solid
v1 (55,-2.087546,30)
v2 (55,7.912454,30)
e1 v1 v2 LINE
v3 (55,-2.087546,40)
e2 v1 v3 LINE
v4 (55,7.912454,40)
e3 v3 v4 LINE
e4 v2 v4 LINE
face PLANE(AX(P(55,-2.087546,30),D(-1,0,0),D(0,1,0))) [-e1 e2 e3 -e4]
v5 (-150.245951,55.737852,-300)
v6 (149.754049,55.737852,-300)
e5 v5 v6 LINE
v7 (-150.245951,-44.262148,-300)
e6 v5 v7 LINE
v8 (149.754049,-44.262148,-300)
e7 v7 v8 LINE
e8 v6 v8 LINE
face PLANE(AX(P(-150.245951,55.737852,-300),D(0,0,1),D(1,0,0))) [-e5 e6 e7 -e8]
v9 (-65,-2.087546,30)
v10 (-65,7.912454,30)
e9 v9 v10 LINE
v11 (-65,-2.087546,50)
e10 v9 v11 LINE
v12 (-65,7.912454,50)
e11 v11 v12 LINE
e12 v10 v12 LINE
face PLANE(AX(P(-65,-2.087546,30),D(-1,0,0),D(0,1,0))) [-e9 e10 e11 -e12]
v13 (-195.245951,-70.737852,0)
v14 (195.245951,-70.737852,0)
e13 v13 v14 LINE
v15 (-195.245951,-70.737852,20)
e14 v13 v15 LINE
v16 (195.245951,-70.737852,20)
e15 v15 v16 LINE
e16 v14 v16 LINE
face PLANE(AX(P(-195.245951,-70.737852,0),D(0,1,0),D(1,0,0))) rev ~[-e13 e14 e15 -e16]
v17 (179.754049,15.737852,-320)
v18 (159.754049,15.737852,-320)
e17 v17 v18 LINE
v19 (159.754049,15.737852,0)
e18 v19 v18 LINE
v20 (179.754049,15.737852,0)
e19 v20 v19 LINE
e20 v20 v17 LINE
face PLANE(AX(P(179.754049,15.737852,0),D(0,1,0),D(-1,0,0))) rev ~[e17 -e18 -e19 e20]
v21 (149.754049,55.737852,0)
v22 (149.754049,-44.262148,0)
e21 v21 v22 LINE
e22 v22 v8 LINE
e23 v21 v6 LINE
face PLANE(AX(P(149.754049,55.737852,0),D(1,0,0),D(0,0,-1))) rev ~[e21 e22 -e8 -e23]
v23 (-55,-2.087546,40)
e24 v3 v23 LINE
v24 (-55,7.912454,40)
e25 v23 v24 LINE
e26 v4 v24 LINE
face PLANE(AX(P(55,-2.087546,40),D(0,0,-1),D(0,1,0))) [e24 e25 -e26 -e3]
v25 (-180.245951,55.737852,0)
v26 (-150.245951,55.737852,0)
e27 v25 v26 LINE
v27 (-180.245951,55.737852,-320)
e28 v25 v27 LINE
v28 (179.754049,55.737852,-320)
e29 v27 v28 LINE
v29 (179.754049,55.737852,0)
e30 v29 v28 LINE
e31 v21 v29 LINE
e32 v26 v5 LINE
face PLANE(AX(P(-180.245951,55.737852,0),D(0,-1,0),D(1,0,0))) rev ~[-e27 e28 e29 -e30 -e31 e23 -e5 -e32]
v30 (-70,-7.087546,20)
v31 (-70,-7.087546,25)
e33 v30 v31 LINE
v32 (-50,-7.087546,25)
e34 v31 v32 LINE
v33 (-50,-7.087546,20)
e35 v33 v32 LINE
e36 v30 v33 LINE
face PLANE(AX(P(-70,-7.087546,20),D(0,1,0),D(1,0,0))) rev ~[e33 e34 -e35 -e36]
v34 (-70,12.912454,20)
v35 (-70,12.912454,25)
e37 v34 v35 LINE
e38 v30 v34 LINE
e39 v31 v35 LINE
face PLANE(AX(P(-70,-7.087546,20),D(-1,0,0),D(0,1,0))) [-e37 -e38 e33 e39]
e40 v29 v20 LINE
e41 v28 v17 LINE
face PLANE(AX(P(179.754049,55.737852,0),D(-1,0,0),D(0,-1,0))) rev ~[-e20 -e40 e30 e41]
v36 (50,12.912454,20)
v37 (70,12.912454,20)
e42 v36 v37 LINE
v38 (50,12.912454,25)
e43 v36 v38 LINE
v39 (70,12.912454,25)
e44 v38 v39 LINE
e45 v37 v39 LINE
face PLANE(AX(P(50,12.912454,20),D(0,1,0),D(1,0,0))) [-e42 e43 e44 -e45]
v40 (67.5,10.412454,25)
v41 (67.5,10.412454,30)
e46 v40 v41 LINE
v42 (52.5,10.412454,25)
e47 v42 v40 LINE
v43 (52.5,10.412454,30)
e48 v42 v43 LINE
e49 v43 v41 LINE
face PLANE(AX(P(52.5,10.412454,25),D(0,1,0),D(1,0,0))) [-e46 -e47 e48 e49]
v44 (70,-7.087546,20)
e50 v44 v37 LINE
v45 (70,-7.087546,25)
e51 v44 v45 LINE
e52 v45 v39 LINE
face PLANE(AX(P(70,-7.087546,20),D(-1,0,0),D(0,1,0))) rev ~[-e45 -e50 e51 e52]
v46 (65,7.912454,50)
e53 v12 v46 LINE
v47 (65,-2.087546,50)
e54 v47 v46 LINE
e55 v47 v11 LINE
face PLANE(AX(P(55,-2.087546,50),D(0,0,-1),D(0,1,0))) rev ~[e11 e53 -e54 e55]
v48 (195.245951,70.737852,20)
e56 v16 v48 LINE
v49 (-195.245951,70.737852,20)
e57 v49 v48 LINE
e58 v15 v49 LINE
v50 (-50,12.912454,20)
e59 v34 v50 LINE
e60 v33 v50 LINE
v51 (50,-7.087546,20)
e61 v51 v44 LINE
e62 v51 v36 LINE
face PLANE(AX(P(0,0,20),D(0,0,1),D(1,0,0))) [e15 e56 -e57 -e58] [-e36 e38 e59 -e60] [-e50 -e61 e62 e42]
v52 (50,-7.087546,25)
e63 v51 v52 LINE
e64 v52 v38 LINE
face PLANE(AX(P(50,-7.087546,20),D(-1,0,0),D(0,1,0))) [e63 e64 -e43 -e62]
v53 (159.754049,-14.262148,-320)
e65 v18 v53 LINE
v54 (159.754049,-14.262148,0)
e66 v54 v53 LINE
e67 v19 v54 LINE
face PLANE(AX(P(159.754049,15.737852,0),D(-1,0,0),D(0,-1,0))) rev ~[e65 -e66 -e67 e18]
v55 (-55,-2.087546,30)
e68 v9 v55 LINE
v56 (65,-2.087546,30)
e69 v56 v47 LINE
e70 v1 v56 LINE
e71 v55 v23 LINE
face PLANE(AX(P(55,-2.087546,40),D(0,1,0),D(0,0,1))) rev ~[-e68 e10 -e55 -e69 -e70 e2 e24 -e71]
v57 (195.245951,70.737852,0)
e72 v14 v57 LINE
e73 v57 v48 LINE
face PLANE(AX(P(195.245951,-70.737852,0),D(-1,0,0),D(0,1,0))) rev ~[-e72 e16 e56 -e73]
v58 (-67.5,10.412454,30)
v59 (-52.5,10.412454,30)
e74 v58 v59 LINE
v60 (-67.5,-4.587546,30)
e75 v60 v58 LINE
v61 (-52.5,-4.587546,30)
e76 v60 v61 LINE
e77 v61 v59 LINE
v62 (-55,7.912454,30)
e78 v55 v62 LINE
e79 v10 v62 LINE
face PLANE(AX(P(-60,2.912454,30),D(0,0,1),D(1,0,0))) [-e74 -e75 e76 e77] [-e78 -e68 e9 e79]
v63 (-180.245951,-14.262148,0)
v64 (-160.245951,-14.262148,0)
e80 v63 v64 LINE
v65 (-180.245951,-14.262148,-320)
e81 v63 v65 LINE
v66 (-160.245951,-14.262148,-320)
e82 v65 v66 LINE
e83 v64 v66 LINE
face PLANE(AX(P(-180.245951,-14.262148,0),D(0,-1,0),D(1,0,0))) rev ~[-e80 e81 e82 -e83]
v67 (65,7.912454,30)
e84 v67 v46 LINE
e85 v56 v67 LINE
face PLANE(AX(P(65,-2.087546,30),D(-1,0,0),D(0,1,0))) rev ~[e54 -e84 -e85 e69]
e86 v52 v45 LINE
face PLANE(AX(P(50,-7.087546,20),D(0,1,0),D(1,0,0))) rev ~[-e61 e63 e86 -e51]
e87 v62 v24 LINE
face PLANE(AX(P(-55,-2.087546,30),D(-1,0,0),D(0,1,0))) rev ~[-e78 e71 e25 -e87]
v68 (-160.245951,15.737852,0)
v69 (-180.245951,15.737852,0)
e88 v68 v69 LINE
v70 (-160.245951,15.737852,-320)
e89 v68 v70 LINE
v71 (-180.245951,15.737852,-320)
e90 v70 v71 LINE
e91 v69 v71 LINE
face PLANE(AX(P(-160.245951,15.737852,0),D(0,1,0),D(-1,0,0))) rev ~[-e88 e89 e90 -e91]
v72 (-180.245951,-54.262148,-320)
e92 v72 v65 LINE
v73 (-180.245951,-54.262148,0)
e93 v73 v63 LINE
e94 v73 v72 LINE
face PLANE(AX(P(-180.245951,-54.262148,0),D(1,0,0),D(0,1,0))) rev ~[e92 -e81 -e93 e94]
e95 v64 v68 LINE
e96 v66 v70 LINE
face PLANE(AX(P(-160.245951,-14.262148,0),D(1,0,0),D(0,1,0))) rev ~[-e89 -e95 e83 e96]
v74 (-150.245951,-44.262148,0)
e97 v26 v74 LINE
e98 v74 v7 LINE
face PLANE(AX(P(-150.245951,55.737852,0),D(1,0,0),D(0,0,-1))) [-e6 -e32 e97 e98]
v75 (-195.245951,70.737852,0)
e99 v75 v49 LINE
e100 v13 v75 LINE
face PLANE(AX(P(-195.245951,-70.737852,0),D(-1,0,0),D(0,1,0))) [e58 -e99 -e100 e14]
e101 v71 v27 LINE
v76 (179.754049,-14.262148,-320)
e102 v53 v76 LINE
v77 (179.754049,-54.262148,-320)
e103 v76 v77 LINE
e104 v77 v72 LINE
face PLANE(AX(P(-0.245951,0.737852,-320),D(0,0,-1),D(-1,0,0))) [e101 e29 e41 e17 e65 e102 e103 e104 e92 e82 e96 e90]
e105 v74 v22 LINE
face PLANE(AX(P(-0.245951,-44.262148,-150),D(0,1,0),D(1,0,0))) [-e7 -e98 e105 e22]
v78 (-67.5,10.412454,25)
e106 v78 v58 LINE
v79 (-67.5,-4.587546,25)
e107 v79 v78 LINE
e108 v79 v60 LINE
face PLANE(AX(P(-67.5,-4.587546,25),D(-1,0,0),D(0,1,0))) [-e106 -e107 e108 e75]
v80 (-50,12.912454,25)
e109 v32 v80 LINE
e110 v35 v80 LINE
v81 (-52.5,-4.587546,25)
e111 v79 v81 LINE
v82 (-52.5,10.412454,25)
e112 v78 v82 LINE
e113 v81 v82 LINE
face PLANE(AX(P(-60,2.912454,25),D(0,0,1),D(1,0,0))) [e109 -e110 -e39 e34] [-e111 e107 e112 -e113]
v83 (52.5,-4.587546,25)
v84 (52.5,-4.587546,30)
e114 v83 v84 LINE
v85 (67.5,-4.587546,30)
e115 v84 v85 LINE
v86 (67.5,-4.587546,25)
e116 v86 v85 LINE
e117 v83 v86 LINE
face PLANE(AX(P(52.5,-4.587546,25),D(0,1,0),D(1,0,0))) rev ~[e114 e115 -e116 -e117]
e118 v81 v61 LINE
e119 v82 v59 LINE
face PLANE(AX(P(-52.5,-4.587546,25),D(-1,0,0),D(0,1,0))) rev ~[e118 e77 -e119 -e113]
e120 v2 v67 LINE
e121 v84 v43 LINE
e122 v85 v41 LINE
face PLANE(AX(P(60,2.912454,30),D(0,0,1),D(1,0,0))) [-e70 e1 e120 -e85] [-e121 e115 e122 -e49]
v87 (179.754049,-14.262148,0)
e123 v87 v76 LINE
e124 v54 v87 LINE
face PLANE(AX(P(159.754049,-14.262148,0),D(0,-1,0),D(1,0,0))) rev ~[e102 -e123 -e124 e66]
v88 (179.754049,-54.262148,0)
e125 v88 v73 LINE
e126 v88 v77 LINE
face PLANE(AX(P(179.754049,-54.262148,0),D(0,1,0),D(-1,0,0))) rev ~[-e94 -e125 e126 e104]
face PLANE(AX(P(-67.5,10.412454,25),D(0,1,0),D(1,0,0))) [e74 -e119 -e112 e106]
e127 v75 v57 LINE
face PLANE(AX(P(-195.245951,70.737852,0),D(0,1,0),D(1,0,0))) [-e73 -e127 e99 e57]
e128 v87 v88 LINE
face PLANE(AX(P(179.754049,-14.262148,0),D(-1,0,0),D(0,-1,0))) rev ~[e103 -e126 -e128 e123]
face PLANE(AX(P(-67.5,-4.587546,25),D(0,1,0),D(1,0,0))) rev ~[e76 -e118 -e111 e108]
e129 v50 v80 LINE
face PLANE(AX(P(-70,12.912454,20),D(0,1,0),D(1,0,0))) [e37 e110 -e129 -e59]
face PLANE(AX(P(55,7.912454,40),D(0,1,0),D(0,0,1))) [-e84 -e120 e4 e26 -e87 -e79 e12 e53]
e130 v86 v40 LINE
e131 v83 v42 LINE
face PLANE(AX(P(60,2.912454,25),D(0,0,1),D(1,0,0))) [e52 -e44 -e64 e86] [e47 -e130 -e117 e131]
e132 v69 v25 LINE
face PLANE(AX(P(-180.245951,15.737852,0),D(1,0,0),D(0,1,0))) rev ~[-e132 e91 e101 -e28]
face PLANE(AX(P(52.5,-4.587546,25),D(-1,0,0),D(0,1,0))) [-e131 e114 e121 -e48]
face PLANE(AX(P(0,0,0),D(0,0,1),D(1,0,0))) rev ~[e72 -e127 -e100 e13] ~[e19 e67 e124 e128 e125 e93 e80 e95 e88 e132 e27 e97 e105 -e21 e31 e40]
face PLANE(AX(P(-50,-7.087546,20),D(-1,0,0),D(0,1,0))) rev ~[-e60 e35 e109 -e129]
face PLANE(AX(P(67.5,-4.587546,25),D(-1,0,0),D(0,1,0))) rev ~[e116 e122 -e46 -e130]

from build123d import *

# Parameters (mm, degrees)
BOSS_EXTRUDE1_DEPTH = 320
SKETCH2_W           = 390.491901408
SKETCH2_H           = 141.475704226
BOSS_EXTRUDE2_DEPTH = 20
SKETCH4_W           = 300
SKETCH4_H           = 300
CUT_EXTRUDE1_DEPTH  = 100
SKETCH5_W           = 20
SKETCH5_H           = 20
BOSS_EXTRUDE3_DEPTH = 5
SKETCH6_W           = 15
SKETCH6_H           = 15
BOSS_EXTRUDE4_DEPTH = 5
SKETCH7_W           = 10
SKETCH7_H           = 10
BOSS_EXTRUDE6_DEPTH = 20
BOSS_EXTRUDE7_REACH = 252.246
SKETCH8_W           = 10
SKETCH8_H           = 10


with BuildPart() as part:
    # Sketch1 → Boss-Extrude1 (new body)
    with BuildSketch(Plane.XY):
        Polygon((-180.245950704, 55.737852113), (179.754049296, 55.737852113), (179.754049296, 15.737852113), (159.754049296, 15.737852113), (159.754049296, -14.262147887), (179.754049296, -14.262147887), (179.754049296, -54.262147887), (-180.245950704, -54.262147887), (-180.245950704, -14.262147887), (-160.245950704, -14.262147887), (-160.245950704, 15.737852113), (-180.245950704, 15.737852113), align=None)
    extrude(amount=-BOSS_EXTRUDE1_DEPTH)

    # Sketch2 → Boss-Extrude2 (add)
    with BuildSketch(Plane.XY):
        Rectangle(SKETCH2_W, SKETCH2_H)
    extrude(amount=BOSS_EXTRUDE2_DEPTH)

    # Sketch4 → Cut-Extrude1 (cut)
    with BuildSketch(Plane(origin=(0, 55.737852113, 0), x_dir=(1, 0, 0), z_dir=(0, 1, 0))):
        with Locations((-0.245950704, 150)):
            Rectangle(SKETCH4_W, SKETCH4_H)
    extrude(amount=-CUT_EXTRUDE1_DEPTH, mode=Mode.SUBTRACT)

    # Sketch5 → Boss-Extrude3 (add)
    with BuildSketch(Plane.XY.offset(20)):
        with Locations((-60, 2.912454094)):
            Rectangle(SKETCH5_W, SKETCH5_H)
        with Locations((60, 2.912454094)):
            Rectangle(SKETCH5_W, SKETCH5_H)
    extrude(amount=BOSS_EXTRUDE3_DEPTH)

    # Sketch6 → Boss-Extrude4 (add)
    with BuildSketch(Plane.XY.offset(25)):
        with Locations((-60, 2.912454094)):
            Rectangle(SKETCH6_W, SKETCH6_H)
        with Locations((60, 2.912454094)):
            Rectangle(SKETCH6_W, SKETCH6_H)
    extrude(amount=BOSS_EXTRUDE4_DEPTH)

    # Sketch7 → Boss-Extrude6 (add)
    with BuildSketch(Plane.XY.offset(30)):
        with Locations((-60, 2.912454094)):
            Rectangle(SKETCH7_W, SKETCH7_H)
        with Locations((60, 2.912454094)):
            Rectangle(SKETCH7_W, SKETCH7_H)
    extrude(amount=BOSS_EXTRUDE6_DEPTH)

    # Sketch8 → Boss-Extrude7 (add, up to next)
    with BuildSketch(Plane.ZY.offset(-55), mode=Mode.PRIVATE) as boss_extrude7_sk1:
        with Locations((45, 2.912454094)):
            Rectangle(SKETCH8_W, SKETCH8_H)
    boss_extrude7_tool1 = extrude(boss_extrude7_sk1.sketch, amount=BOSS_EXTRUDE7_REACH, mode=Mode.PRIVATE) - part.part
    add(boss_extrude7_tool1.solids().sort_by_distance((55, 2.912454, 45))[0])


solid = part.part
